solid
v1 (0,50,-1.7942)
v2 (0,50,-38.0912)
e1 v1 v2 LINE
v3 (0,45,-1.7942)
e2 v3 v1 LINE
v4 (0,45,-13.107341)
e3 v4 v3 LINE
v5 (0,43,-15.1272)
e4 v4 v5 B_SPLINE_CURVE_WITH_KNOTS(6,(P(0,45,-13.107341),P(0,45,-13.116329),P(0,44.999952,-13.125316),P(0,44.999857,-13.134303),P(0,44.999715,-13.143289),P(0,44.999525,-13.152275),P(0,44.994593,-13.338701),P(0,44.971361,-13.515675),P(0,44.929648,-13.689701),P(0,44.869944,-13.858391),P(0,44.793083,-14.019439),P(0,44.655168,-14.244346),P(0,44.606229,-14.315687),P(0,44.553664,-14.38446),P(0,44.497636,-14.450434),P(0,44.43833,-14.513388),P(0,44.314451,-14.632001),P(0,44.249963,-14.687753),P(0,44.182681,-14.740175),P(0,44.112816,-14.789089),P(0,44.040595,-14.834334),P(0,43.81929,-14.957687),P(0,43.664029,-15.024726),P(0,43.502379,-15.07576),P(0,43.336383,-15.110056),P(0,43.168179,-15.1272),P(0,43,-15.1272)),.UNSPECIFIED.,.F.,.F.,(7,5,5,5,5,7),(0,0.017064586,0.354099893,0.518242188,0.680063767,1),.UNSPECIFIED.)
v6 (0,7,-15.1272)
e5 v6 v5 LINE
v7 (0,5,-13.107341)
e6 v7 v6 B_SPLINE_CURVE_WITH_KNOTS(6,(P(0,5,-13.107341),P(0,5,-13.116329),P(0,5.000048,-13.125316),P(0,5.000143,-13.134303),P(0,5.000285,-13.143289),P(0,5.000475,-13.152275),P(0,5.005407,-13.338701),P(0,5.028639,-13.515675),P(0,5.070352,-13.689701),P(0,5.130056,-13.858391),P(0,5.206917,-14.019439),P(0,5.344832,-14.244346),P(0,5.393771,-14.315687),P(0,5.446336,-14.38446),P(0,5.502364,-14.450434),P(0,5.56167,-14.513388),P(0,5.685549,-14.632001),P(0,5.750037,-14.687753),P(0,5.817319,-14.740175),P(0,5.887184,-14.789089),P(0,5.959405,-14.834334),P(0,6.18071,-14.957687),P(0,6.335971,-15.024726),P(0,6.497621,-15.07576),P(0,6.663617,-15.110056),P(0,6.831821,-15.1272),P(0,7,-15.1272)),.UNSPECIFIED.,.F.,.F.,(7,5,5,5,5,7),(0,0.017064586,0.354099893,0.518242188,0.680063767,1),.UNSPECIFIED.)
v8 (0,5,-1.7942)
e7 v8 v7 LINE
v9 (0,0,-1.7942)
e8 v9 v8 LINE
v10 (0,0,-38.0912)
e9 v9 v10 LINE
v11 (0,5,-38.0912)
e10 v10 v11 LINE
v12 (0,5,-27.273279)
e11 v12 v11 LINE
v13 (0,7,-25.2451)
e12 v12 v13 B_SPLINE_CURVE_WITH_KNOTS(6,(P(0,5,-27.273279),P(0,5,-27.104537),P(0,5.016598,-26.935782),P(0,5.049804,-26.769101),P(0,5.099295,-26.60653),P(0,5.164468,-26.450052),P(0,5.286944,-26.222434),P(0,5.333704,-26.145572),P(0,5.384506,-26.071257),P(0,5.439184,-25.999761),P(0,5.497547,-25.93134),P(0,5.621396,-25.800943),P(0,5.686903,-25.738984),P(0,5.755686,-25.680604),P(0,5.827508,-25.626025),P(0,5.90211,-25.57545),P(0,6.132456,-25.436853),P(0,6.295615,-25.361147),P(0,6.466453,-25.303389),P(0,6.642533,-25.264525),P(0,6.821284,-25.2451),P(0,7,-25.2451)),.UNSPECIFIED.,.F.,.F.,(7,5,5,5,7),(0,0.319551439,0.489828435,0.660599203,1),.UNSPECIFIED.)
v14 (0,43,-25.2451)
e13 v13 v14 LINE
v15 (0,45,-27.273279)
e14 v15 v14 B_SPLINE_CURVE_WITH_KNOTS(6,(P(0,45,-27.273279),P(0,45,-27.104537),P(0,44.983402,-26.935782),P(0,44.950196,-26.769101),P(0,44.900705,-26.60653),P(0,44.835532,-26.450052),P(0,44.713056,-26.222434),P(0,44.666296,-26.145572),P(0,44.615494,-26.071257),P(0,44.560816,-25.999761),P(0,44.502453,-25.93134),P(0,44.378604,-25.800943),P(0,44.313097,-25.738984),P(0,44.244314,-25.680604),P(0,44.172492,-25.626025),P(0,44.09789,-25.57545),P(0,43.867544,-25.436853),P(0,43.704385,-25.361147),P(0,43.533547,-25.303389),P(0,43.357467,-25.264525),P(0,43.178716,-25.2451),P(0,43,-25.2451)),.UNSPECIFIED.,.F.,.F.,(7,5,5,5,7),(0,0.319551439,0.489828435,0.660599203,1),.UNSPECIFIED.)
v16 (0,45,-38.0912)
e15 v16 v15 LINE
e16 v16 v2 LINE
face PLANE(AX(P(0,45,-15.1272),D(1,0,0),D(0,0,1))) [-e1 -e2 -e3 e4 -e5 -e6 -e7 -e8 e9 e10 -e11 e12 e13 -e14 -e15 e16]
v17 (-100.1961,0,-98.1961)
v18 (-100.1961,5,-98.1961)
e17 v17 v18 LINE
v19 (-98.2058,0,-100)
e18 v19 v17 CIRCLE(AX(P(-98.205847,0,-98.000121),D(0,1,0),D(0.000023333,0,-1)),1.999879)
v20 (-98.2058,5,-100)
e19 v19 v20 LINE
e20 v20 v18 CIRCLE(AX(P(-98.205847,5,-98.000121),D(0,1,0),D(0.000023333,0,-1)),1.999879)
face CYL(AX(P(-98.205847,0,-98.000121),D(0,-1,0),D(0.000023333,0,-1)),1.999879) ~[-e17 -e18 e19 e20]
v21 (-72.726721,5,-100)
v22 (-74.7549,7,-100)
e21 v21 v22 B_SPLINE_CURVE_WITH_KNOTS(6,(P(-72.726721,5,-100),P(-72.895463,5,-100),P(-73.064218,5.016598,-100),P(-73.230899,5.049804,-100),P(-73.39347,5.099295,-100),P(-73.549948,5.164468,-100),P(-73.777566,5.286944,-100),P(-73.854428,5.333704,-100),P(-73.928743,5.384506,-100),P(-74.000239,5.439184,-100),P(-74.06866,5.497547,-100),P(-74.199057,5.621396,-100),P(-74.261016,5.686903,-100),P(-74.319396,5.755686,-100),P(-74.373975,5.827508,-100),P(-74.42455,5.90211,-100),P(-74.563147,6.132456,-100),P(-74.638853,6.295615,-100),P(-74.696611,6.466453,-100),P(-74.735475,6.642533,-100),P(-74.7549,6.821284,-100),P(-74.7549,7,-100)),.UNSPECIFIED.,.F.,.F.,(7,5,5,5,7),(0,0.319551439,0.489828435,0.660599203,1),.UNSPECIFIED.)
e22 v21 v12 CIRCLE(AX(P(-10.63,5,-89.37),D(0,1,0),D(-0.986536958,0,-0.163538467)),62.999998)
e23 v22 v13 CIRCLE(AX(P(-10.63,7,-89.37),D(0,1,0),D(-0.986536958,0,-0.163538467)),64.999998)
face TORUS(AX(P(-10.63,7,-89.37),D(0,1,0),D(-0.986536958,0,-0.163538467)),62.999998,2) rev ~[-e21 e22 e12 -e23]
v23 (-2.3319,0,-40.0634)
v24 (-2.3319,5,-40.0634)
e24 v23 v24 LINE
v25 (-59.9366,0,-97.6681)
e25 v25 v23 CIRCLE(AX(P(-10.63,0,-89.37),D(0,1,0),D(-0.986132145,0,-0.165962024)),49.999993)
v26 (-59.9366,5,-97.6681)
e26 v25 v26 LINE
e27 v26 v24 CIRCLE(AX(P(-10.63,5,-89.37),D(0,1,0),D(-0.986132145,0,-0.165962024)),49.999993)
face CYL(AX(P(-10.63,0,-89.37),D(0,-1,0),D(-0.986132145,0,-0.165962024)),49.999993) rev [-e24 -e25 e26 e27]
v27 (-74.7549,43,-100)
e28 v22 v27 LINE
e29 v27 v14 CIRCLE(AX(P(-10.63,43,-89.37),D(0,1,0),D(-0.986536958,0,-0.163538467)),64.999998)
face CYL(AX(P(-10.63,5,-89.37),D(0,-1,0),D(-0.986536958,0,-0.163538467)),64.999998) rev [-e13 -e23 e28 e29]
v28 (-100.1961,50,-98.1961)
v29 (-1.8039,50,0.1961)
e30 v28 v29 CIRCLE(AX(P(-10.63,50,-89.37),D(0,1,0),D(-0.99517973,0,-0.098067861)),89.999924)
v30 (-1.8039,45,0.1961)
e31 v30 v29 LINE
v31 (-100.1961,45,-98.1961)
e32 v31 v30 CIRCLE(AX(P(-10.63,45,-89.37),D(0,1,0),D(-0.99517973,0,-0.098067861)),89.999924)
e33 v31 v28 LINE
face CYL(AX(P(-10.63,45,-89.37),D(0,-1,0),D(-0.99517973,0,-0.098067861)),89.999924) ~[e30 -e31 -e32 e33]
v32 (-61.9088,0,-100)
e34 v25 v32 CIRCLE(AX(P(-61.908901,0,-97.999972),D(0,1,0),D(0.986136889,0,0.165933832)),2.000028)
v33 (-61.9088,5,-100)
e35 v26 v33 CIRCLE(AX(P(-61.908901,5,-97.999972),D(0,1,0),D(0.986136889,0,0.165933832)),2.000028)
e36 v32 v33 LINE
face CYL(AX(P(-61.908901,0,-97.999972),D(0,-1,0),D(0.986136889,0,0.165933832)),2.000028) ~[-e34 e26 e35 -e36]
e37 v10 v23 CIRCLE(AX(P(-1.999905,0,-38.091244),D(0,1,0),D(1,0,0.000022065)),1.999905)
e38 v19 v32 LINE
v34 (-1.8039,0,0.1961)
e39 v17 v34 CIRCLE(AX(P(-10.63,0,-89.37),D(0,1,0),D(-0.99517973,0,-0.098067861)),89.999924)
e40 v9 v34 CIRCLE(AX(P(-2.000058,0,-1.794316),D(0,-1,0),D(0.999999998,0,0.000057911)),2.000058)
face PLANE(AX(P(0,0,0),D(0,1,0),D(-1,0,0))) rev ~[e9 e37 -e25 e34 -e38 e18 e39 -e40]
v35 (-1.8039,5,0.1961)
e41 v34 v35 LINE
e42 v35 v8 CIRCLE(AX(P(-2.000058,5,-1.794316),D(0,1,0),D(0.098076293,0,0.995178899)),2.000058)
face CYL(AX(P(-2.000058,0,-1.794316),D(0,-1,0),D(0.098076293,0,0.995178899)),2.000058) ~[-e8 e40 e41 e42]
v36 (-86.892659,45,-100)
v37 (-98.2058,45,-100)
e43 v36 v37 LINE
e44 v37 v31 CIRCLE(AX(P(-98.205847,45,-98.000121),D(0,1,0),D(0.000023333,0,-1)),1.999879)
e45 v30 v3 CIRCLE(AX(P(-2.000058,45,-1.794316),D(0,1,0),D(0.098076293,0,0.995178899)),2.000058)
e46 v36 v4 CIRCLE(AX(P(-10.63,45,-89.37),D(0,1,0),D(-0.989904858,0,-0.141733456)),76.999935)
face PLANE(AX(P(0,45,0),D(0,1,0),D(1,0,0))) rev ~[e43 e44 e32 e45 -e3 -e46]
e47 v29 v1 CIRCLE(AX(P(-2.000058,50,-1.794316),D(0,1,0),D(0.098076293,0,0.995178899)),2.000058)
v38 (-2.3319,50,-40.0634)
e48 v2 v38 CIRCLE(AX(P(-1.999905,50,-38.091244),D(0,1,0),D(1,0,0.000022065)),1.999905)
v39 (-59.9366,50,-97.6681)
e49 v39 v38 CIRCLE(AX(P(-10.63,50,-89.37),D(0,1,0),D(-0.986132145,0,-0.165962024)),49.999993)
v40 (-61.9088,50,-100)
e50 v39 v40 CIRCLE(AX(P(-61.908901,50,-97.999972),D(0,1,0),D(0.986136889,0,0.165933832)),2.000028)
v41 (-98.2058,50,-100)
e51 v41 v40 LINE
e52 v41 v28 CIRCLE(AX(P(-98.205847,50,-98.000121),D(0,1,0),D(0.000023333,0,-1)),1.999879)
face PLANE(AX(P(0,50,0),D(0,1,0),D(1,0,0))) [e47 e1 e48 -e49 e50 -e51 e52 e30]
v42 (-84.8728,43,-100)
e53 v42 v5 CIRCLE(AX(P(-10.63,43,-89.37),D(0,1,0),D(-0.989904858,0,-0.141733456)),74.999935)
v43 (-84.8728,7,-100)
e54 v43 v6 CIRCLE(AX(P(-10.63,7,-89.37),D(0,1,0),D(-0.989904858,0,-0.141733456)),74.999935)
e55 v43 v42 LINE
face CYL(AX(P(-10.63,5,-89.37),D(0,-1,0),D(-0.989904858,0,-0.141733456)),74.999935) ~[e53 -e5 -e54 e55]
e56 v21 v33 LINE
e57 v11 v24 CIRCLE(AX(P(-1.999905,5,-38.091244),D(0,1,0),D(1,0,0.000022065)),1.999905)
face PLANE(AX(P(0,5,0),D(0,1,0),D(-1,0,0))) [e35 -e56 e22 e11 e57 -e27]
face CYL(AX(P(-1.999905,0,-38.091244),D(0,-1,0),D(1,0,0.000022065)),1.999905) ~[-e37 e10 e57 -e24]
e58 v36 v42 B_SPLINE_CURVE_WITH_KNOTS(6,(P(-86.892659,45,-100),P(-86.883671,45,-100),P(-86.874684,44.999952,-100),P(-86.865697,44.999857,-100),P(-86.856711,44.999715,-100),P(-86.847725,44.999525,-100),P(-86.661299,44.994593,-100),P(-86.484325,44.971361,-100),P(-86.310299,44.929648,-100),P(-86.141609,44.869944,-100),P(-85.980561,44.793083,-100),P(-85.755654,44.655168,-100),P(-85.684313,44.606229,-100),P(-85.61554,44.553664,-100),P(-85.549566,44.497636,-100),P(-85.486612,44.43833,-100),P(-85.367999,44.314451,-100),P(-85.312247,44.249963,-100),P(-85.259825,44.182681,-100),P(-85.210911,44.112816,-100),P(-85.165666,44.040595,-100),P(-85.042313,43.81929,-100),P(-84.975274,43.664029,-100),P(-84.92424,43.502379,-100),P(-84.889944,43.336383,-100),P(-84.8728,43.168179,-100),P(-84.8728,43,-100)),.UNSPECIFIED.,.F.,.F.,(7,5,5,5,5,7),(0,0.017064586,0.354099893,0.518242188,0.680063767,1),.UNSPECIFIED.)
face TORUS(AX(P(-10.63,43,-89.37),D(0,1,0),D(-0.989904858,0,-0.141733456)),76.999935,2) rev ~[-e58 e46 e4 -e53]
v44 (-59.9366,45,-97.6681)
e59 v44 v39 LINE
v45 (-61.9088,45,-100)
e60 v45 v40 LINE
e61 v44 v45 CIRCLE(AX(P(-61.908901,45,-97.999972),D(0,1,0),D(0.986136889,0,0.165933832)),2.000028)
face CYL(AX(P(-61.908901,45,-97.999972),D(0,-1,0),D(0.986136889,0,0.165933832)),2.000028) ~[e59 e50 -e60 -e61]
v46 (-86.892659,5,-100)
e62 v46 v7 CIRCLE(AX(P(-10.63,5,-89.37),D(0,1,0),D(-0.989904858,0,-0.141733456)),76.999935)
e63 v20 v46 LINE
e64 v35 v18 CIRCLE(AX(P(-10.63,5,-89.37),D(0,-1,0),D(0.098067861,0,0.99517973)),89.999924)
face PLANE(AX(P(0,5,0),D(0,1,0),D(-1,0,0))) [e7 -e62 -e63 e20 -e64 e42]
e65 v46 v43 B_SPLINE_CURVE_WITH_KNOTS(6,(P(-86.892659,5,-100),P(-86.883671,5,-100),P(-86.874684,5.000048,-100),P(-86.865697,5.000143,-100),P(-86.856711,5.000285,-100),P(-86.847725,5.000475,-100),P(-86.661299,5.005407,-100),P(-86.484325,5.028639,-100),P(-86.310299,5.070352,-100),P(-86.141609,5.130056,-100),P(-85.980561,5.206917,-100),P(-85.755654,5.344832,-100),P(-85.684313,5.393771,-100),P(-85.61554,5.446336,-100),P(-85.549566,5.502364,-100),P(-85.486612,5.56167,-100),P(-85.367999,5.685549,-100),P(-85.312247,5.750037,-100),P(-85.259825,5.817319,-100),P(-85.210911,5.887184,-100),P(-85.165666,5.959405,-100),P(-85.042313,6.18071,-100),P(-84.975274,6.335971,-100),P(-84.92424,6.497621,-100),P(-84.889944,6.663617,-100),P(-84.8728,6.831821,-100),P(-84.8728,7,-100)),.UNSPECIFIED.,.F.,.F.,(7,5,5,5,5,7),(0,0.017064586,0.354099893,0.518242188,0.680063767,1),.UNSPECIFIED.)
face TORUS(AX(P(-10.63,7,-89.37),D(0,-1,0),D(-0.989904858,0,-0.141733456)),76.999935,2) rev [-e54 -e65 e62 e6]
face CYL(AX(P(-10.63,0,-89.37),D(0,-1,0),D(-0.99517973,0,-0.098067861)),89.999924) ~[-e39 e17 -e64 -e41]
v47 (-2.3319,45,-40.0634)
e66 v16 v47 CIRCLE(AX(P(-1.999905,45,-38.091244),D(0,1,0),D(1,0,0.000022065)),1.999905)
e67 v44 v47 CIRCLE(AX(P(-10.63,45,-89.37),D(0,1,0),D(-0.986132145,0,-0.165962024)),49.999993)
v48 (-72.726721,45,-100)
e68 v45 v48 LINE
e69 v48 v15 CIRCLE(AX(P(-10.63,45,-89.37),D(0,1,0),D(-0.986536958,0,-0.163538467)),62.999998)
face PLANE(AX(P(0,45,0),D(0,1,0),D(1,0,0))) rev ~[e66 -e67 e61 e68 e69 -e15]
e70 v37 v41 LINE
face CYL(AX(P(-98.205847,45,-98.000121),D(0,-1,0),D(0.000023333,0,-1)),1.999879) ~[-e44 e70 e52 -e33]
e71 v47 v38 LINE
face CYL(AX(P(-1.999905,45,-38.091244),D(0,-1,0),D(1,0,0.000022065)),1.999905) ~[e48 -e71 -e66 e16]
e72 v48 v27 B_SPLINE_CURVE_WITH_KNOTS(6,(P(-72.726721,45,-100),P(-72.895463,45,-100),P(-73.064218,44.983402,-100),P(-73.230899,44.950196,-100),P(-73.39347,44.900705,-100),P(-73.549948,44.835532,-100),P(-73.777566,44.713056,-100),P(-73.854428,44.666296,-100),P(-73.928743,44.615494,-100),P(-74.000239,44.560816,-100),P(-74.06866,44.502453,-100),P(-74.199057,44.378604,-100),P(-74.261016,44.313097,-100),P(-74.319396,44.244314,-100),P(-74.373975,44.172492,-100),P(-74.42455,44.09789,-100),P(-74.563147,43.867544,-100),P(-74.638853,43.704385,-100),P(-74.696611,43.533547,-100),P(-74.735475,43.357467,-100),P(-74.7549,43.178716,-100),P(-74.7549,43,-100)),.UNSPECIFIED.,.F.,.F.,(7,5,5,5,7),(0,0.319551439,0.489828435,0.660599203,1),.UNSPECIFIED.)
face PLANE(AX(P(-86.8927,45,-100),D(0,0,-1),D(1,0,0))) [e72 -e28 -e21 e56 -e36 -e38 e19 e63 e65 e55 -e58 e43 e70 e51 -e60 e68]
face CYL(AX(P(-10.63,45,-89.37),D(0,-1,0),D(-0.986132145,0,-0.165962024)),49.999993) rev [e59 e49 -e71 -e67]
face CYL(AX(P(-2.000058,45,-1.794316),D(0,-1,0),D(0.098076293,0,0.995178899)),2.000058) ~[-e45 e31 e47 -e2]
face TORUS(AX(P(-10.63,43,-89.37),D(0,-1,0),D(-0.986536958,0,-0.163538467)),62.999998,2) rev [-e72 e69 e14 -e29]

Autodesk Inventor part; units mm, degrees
ref_plane "YZ Plane" through (0, 0, 0) normal (1, 0, 0) x (0, 1, 0)
ref_plane "XZ Plane" through (0, 0, 0) normal (0, 1, 0) x (-1, 0, 0)
ref_plane "XY Plane" through (0, 0, 0) normal (0, 0, 1) x (1, 0, 0)
sketch "Sketch1" plane through (0, 0, 0) normal (0, 1, 0) x (-1, 0, 0)
  line L0 (0, 0) -> (141.4214, 0) construction
  line L1 (100, 0) -> (0, 0)
  arc A0 (100.1961, -98.1961) -> (1.8039, 0.1961) centre (10.63, -89.37) ccw
  arc A1 (59.9366, -97.6681) -> (2.3319, -40.0634) centre (10.63, -89.37) ccw
  line L2 (98.2058, -100) -> (61.9088, -100)
  line L3 (0, -1.7942) -> (0, -38.0912)
  arc A2 (98.2058, -100) -> (100.1961, -98.1961) centre (98.2058, -98) ccw
  arc A3 (59.9366, -97.6681) -> (61.9088, -100) centre (61.9088, -98) ccw
  arc A4 (0, -38.0912) -> (2.3319, -40.0634) centre (2, -38.0912) ccw
  arc A5 (1.8039, 0.1961) -> (0, -1.7942) centre (2, -1.7942) ccw
  point P0 (100, -100)
  point P1 (59.4869, -100)
  point P2 (0, -40.5131)
  dimension "d2" = 100
  dimension "d3" = 90
  dimension "d4" = 40
  dimension "d7" = 2
extrude "Extrusion1" add sketch "Sketch1" along normal blind 5
sketch "Sketch2" plane through (0, 5, 0) normal (0, 1, 0) x (1, 0, 0)
  arc A0 (-98.2058, 100) -> (-100.1961, 98.1961) centre (-98.2058, 98) ccw projected
  arc A1 (-100.1961, 98.1961) -> (-1.8039, -0.1961) centre (-10.63, 89.37) ccw projected
  arc A2 (-1.8039, -0.1961) -> (0, 1.7942) centre (-2, 1.7942) ccw projected
  line L0 (0, 1.7942) -> (0, 38.0912) projected
  arc A3 (0, 38.0912) -> (-2.3319, 40.0634) centre (-2, 38.0912) ccw projected
  arc A4 (-59.9366, 97.6681) -> (-2.3319, 40.0634) centre (-10.63, 89.37) ccw projected
  arc A5 (-59.9366, 97.6681) -> (-61.9088, 100) centre (-61.9088, 98) ccw projected
  line L1 (-61.9088, 100) -> (-98.2058, 100) projected
  arc A6 (-84.8728, 100) -> (0, 15.1272) centre (-10.63, 89.37) ccw
  arc A7 (-74.7549, 100) -> (0, 25.2451) centre (-10.63, 89.37) ccw
  line L2 (0, 15.1272) -> (0, 25.2451)
  line L3 (-84.8728, 100) -> (-74.7549, 100)
  point P0 (0, 0)
  dimension "d10" = 15
extrude "Extrusion2" add sketch "Sketch2" along normal blind 40 contours L1 A7 L0 A6
fillet "Fillet1" radius 2 2 edges at (-63.663, 5, -36.337) (-56.5919, 5, -43.4081)
sketch "Sketch3" plane through (0, 45, 0) normal (0, 1, 0) x (1, 0, 0)
  arc A0 (-86.8927, 100) -> (0, 13.1073) centre (-10.63, 89.37) ccw projected
  line L0 (-86.8927, 100) -> (-98.2058, 100) projected
  arc A1 (-98.2058, 100) -> (-100.1961, 98.1961) centre (-98.2058, 98) ccw projected
  arc A2 (-100.1961, 98.1961) -> (-1.8039, -0.1961) centre (-10.63, 89.37) ccw projected
  arc A3 (-1.8039, -0.1961) -> (0, 1.7942) centre (-2, 1.7942) ccw projected
  line L1 (0, 1.7942) -> (0, 13.1073) projected
  arc A4 (-72.7267, 100) -> (0, 27.2733) centre (-10.63, 89.37) ccw projected
  line L2 (0, 27.2733) -> (0, 38.0912) projected
  arc A5 (0, 38.0912) -> (-2.3319, 40.0634) centre (-2, 38.0912) ccw projected
  arc A6 (-59.9366, 97.6681) -> (-2.3319, 40.0634) centre (-10.63, 89.37) ccw projected
  arc A7 (-59.9366, 97.6681) -> (-61.9088, 100) centre (-61.9088, 98) ccw projected
  line L3 (-61.9088, 100) -> (-72.7267, 100) projected
  arc A8 (-84.8728, 100) -> (0, 15.1272) centre (-10.63, 89.37) ccw projected
  line L4 (0, 15.1272) -> (0, 25.2451) projected
  arc A9 (-74.7549, 100) -> (0, 25.2451) centre (-10.63, 89.37) ccw projected
  line L5 (-74.7549, 100) -> (-84.8728, 100) projected
  arc A10 (-74.7549, 100) -> (0, 25.2451) centre (-10.63, 89.37) ccw projected
  arc A11 (-86.8927, 100) -> (0, 13.1073) centre (-10.63, 89.37) ccw projected
  line L6 (0, 27.2733) -> (0, 25.2451)
  line L7 (0, 15.1272) -> (0, 13.1073)
  line L8 (-72.7267, 100) -> (-74.7549, 100)
  line L9 (-74.7549, 100) -> (-84.8728, 100)
  line L10 (-86.8927, 100) -> (-84.8728, 100)
  point P0 (0, 0)
extrude "Extrusion3" add sketch "Sketch3" along normal blind 5
fillet "Fillet2" radius 2 2 edges at (-56.5919, 45, -43.4081) (-63.663, 45, -36.337)
properties part number "Curved 100mm"
